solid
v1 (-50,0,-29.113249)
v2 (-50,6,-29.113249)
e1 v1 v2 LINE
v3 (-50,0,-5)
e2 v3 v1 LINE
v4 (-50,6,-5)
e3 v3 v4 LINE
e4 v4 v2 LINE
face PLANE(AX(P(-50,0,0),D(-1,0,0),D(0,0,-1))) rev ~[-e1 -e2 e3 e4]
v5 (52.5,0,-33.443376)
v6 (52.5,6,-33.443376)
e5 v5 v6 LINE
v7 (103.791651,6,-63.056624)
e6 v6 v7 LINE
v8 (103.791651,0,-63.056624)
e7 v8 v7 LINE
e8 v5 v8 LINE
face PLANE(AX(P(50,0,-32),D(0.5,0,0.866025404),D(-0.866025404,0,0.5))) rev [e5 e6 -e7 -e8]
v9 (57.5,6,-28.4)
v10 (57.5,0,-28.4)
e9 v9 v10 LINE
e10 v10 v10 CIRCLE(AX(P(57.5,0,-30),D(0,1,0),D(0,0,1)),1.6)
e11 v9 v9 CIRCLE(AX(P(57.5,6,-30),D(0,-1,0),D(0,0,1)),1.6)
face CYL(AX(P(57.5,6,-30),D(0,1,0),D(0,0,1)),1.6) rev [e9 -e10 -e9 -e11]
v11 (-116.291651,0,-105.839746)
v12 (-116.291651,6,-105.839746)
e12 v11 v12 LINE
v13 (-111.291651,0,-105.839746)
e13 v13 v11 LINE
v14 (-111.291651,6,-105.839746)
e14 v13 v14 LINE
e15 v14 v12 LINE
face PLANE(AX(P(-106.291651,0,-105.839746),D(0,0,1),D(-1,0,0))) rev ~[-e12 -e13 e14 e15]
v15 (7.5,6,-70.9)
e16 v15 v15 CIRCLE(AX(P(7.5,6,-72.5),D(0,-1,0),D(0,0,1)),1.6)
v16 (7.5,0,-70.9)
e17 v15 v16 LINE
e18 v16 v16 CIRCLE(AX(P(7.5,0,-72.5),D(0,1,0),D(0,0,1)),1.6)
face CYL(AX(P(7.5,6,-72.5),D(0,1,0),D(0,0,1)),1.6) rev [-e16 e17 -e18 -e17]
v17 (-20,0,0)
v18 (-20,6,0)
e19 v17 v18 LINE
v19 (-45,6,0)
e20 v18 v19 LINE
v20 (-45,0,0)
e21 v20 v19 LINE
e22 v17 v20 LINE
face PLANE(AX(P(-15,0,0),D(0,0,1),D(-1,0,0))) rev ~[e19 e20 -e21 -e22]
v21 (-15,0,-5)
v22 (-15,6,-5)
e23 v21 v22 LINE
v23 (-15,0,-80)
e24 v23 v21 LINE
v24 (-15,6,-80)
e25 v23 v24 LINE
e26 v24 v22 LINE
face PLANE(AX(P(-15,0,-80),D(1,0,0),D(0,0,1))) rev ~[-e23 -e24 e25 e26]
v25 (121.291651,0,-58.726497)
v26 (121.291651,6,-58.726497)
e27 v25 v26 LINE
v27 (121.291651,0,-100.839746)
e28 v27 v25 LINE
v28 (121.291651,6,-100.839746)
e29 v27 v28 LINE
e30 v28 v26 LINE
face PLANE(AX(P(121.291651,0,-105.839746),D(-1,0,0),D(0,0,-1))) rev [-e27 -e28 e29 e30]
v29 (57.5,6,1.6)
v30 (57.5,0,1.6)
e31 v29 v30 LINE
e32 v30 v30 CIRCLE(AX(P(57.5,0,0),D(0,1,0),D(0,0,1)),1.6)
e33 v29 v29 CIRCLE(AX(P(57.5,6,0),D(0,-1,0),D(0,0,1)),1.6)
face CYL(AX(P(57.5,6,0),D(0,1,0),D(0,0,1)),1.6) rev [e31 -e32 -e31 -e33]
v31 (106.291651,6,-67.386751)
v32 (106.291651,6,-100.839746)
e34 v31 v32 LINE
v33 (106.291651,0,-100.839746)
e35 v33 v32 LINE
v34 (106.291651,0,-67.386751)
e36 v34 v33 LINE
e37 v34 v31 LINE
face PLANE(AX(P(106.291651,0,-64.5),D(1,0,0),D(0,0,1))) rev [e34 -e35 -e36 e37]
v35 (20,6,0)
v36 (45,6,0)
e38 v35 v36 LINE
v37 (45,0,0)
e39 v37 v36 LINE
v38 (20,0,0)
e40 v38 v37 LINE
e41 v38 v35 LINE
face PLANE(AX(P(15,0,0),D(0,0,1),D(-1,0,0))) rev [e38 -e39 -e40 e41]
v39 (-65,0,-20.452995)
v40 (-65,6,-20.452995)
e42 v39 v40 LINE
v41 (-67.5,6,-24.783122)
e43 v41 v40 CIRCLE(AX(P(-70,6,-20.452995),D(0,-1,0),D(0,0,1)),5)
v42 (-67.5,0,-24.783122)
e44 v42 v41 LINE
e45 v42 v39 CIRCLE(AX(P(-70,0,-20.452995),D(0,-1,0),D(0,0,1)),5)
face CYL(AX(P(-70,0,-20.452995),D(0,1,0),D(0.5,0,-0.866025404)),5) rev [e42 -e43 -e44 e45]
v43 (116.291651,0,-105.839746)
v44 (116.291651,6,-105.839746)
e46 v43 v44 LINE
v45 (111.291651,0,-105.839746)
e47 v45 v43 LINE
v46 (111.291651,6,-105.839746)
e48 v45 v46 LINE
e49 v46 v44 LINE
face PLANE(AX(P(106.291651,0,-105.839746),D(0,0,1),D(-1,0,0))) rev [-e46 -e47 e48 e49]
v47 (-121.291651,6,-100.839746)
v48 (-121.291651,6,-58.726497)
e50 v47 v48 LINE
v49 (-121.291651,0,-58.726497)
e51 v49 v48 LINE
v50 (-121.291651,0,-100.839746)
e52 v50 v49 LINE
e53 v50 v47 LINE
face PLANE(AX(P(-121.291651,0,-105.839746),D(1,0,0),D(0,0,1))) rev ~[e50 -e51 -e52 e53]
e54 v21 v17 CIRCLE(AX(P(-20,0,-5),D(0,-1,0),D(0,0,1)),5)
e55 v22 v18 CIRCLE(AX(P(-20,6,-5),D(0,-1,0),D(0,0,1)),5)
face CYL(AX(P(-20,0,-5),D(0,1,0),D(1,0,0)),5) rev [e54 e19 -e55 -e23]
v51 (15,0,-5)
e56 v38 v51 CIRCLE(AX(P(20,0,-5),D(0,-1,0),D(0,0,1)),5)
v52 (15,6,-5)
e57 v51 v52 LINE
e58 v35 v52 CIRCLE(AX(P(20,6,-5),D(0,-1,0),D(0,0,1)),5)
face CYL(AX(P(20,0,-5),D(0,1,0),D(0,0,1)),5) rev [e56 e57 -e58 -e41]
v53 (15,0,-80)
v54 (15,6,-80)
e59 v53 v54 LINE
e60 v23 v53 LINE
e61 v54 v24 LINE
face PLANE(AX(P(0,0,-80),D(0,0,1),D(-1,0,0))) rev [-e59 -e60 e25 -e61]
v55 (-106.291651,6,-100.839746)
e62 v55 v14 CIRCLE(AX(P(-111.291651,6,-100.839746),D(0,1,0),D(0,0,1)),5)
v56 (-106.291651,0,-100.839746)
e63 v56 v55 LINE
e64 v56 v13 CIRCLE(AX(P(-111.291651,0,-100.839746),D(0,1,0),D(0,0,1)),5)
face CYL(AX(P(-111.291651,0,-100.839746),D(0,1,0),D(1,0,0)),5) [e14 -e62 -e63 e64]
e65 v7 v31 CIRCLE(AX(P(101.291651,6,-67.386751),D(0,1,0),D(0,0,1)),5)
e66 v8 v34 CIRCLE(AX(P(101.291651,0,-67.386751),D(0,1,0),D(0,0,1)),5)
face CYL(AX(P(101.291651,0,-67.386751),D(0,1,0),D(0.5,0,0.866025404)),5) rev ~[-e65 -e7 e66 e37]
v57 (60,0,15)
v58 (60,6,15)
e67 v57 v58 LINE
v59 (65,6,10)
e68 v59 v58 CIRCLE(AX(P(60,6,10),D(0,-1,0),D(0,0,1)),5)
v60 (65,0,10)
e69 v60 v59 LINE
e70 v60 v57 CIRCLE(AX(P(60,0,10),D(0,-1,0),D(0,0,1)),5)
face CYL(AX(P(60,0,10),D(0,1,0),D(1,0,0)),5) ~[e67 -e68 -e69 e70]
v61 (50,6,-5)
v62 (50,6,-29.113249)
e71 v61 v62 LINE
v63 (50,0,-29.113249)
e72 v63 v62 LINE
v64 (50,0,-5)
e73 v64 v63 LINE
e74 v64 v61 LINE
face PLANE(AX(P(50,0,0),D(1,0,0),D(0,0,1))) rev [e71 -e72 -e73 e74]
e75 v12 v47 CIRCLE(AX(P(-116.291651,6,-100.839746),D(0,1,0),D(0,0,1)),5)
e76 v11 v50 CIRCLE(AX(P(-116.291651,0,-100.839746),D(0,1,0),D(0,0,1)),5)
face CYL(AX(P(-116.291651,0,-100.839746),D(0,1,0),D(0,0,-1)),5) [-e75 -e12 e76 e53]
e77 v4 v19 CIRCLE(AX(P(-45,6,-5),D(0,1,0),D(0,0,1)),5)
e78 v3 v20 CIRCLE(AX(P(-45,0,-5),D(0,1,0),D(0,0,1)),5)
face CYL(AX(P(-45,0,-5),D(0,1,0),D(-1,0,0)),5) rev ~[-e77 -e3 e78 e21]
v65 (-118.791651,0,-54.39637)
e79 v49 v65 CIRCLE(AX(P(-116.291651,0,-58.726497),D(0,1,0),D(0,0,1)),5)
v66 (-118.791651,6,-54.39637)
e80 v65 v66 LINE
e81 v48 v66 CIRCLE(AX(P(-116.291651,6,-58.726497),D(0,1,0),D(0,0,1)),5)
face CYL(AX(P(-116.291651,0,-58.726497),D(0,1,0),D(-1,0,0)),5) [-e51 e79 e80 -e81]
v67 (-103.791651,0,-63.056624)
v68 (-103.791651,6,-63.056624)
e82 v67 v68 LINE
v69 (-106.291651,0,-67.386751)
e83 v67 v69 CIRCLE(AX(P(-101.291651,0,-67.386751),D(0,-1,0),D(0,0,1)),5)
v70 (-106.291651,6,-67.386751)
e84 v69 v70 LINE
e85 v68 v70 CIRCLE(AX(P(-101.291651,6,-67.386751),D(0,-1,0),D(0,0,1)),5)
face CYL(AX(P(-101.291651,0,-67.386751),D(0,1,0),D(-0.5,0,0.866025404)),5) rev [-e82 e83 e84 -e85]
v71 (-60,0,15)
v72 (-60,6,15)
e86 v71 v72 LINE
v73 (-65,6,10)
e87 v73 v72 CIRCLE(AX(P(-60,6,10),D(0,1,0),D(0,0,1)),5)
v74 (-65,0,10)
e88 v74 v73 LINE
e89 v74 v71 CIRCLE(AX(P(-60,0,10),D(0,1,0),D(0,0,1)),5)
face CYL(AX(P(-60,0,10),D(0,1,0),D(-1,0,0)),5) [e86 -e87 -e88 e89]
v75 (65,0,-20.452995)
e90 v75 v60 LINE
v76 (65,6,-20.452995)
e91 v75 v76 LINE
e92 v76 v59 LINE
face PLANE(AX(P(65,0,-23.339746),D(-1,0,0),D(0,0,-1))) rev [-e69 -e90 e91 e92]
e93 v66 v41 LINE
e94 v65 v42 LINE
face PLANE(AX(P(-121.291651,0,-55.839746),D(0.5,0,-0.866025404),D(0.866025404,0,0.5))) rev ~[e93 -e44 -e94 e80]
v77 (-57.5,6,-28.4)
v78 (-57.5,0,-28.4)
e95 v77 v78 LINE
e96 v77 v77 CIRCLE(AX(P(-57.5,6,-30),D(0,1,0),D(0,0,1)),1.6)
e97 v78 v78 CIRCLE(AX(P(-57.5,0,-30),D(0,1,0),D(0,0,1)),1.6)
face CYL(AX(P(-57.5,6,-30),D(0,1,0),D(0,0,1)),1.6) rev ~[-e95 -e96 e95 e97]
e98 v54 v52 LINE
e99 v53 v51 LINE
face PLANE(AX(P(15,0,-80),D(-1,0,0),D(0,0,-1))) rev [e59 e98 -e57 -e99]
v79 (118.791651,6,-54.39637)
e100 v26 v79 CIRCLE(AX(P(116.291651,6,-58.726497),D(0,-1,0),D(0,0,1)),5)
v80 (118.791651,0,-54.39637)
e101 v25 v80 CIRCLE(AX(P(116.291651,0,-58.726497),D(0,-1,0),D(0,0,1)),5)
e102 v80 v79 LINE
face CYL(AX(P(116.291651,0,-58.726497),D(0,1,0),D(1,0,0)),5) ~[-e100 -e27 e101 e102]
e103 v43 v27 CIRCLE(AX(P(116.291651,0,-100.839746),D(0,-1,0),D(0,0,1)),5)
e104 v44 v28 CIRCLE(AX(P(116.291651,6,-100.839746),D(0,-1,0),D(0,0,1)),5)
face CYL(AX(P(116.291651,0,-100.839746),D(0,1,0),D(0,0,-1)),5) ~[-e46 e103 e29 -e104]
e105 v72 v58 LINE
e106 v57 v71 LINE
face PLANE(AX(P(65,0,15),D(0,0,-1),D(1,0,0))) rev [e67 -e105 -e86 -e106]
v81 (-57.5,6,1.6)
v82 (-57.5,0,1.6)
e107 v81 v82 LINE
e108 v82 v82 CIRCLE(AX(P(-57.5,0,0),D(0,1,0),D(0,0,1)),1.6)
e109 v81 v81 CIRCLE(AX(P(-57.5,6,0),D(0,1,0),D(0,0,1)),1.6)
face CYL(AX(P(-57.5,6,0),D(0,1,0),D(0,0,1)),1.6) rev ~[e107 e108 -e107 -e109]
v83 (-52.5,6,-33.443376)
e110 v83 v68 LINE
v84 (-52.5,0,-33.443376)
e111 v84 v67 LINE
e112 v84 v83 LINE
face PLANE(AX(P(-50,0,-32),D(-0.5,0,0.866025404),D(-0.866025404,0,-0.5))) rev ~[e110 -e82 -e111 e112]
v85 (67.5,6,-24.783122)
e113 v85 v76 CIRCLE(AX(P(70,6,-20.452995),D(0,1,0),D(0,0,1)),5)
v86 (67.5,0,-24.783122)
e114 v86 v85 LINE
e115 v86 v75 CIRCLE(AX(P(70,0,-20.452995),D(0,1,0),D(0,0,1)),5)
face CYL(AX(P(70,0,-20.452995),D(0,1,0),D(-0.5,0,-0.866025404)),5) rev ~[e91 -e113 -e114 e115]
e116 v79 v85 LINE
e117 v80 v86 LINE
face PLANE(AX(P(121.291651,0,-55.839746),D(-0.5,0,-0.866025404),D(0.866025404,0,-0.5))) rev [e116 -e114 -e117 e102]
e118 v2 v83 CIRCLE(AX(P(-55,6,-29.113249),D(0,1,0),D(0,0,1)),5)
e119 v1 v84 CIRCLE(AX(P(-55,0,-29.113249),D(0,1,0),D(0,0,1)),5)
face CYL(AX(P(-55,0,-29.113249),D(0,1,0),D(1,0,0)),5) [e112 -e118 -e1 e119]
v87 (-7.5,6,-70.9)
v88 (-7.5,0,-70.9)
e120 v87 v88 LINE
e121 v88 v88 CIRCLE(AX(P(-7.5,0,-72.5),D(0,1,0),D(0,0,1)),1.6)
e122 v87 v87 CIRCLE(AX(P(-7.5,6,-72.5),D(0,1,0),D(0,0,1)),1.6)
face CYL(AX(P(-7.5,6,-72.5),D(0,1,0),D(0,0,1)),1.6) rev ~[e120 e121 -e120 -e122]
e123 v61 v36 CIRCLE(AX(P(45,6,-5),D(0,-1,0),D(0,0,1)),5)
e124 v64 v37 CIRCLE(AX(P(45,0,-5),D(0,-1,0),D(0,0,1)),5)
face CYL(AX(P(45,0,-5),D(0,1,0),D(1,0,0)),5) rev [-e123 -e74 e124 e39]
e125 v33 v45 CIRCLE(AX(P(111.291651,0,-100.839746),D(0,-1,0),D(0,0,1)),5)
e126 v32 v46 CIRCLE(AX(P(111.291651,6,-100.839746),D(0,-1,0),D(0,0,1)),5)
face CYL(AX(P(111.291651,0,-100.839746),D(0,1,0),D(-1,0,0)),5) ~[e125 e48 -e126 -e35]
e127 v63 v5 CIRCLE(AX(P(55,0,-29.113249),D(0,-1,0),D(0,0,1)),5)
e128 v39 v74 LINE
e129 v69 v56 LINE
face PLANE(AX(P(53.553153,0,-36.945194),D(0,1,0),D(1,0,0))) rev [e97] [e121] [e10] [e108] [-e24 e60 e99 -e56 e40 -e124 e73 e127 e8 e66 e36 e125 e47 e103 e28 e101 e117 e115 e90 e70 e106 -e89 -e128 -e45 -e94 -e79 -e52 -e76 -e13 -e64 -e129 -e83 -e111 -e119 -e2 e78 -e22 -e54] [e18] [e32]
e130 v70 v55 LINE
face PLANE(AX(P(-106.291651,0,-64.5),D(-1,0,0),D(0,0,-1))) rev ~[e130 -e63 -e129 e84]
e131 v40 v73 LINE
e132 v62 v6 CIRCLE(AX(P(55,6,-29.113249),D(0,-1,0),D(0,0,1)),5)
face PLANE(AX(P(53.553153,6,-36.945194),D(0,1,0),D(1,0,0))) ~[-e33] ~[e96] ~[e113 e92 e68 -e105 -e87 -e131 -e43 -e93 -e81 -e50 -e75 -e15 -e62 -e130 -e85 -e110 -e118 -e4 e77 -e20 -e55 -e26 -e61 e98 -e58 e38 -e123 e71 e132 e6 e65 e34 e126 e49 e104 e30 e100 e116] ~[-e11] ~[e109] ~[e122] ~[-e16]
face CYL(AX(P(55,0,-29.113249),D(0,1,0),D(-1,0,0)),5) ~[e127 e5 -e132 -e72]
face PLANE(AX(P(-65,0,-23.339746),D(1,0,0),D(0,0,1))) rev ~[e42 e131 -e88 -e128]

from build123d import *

# Parameters (mm, degrees)
BOSS_EXTRUDE1_DEPTH  = 6
FILLET1_R            = 5
SKETCH2_R            = 1.6
CUT_EXTRUDE1_DEPTH   = 162.089156951
FILLET1_OF_MIRROR1_R = 5


with BuildPart() as part:
    # Sketch1 → Boss-Extrude1 (new body)
    with BuildSketch(Plane(origin=(0, 0, 0), x_dir=(1, 0, 0), z_dir=(0, 1, 0))):
        Polygon((-50, 0), (-50, 32), (-106.291651246, 64.5), (-106.291651246, 105.839745962), (-121.291651246, 105.839745962), (-121.291651246, 55.839745962), (-65, 23.339745962), (-65, -15), (0, -15), (0, 0), (0, 80), (-15, 80), (-15, 0), align=None)
    boss_extrude1 = extrude(amount=BOSS_EXTRUDE1_DEPTH)

    # Fillet1
    fillet1_edges = [part.edges().sort_by_distance(p)[0] for p in [
        (-65, 3, 15),
        (-65, 3, -23.339745962),
        (-121.291651246, 3, -55.839745962),
        (-121.291651246, 3, -105.839745962),
        (-106.291651246, 3, -105.839745962),
        (-106.291651246, 3, -64.5),
        (-50, 3, -32),
        (-50, 3, 0),
        (-15, 3, 0),
    ]]
    fillet(fillet1_edges, radius=FILLET1_R)

    # Sketch2 → Cut-Extrude1 (cut, through all)
    with BuildSketch(Plane(origin=(0, 6, 0), x_dir=(1, 0, 0), z_dir=(0, 1, 0))):
        with Locations(Location((-7.5, 72.5, 0), (0, 0, 270))):
            Circle(SKETCH2_R)
        with Locations(Location((-57.5, 30, 0), (0, 0, 270))):
            Circle(SKETCH2_R)
        with Locations(Location((-57.5, 0, 0), (0, 0, 270))):
            Circle(SKETCH2_R)
    cut_extrude1 = extrude(amount=-CUT_EXTRUDE1_DEPTH, mode=Mode.SUBTRACT)

    # Mirror1: Boss-Extrude1, Cut-Extrude1 across plane
    add(boss_extrude1.mirror(Plane(origin=(0, 0, 0), x_dir=(0, 0, 1), z_dir=(1, 0, 0))))
    add(cut_extrude1.mirror(Plane(origin=(0, 0, 0), x_dir=(0, 0, 1), z_dir=(1, 0, 0))), mode=Mode.SUBTRACT)

    # Fillet1 of Mirror1
    fillet1_of_mirror1_edges = [part.edges().sort_by_distance(p)[0] for p in [
        (65, 3, 15),
        (65, 3, -23.339745962),
        (121.291651246, 3, -55.839745962),
        (121.291651246, 3, -105.839745962),
        (106.291651246, 3, -105.839745962),
        (106.291651246, 3, -64.5),
        (50, 3, -32),
        (50, 3, 0),
        (15, 3, 0),
    ]]
    fillet(fillet1_of_mirror1_edges, radius=FILLET1_OF_MIRROR1_R)


solid = part.part
